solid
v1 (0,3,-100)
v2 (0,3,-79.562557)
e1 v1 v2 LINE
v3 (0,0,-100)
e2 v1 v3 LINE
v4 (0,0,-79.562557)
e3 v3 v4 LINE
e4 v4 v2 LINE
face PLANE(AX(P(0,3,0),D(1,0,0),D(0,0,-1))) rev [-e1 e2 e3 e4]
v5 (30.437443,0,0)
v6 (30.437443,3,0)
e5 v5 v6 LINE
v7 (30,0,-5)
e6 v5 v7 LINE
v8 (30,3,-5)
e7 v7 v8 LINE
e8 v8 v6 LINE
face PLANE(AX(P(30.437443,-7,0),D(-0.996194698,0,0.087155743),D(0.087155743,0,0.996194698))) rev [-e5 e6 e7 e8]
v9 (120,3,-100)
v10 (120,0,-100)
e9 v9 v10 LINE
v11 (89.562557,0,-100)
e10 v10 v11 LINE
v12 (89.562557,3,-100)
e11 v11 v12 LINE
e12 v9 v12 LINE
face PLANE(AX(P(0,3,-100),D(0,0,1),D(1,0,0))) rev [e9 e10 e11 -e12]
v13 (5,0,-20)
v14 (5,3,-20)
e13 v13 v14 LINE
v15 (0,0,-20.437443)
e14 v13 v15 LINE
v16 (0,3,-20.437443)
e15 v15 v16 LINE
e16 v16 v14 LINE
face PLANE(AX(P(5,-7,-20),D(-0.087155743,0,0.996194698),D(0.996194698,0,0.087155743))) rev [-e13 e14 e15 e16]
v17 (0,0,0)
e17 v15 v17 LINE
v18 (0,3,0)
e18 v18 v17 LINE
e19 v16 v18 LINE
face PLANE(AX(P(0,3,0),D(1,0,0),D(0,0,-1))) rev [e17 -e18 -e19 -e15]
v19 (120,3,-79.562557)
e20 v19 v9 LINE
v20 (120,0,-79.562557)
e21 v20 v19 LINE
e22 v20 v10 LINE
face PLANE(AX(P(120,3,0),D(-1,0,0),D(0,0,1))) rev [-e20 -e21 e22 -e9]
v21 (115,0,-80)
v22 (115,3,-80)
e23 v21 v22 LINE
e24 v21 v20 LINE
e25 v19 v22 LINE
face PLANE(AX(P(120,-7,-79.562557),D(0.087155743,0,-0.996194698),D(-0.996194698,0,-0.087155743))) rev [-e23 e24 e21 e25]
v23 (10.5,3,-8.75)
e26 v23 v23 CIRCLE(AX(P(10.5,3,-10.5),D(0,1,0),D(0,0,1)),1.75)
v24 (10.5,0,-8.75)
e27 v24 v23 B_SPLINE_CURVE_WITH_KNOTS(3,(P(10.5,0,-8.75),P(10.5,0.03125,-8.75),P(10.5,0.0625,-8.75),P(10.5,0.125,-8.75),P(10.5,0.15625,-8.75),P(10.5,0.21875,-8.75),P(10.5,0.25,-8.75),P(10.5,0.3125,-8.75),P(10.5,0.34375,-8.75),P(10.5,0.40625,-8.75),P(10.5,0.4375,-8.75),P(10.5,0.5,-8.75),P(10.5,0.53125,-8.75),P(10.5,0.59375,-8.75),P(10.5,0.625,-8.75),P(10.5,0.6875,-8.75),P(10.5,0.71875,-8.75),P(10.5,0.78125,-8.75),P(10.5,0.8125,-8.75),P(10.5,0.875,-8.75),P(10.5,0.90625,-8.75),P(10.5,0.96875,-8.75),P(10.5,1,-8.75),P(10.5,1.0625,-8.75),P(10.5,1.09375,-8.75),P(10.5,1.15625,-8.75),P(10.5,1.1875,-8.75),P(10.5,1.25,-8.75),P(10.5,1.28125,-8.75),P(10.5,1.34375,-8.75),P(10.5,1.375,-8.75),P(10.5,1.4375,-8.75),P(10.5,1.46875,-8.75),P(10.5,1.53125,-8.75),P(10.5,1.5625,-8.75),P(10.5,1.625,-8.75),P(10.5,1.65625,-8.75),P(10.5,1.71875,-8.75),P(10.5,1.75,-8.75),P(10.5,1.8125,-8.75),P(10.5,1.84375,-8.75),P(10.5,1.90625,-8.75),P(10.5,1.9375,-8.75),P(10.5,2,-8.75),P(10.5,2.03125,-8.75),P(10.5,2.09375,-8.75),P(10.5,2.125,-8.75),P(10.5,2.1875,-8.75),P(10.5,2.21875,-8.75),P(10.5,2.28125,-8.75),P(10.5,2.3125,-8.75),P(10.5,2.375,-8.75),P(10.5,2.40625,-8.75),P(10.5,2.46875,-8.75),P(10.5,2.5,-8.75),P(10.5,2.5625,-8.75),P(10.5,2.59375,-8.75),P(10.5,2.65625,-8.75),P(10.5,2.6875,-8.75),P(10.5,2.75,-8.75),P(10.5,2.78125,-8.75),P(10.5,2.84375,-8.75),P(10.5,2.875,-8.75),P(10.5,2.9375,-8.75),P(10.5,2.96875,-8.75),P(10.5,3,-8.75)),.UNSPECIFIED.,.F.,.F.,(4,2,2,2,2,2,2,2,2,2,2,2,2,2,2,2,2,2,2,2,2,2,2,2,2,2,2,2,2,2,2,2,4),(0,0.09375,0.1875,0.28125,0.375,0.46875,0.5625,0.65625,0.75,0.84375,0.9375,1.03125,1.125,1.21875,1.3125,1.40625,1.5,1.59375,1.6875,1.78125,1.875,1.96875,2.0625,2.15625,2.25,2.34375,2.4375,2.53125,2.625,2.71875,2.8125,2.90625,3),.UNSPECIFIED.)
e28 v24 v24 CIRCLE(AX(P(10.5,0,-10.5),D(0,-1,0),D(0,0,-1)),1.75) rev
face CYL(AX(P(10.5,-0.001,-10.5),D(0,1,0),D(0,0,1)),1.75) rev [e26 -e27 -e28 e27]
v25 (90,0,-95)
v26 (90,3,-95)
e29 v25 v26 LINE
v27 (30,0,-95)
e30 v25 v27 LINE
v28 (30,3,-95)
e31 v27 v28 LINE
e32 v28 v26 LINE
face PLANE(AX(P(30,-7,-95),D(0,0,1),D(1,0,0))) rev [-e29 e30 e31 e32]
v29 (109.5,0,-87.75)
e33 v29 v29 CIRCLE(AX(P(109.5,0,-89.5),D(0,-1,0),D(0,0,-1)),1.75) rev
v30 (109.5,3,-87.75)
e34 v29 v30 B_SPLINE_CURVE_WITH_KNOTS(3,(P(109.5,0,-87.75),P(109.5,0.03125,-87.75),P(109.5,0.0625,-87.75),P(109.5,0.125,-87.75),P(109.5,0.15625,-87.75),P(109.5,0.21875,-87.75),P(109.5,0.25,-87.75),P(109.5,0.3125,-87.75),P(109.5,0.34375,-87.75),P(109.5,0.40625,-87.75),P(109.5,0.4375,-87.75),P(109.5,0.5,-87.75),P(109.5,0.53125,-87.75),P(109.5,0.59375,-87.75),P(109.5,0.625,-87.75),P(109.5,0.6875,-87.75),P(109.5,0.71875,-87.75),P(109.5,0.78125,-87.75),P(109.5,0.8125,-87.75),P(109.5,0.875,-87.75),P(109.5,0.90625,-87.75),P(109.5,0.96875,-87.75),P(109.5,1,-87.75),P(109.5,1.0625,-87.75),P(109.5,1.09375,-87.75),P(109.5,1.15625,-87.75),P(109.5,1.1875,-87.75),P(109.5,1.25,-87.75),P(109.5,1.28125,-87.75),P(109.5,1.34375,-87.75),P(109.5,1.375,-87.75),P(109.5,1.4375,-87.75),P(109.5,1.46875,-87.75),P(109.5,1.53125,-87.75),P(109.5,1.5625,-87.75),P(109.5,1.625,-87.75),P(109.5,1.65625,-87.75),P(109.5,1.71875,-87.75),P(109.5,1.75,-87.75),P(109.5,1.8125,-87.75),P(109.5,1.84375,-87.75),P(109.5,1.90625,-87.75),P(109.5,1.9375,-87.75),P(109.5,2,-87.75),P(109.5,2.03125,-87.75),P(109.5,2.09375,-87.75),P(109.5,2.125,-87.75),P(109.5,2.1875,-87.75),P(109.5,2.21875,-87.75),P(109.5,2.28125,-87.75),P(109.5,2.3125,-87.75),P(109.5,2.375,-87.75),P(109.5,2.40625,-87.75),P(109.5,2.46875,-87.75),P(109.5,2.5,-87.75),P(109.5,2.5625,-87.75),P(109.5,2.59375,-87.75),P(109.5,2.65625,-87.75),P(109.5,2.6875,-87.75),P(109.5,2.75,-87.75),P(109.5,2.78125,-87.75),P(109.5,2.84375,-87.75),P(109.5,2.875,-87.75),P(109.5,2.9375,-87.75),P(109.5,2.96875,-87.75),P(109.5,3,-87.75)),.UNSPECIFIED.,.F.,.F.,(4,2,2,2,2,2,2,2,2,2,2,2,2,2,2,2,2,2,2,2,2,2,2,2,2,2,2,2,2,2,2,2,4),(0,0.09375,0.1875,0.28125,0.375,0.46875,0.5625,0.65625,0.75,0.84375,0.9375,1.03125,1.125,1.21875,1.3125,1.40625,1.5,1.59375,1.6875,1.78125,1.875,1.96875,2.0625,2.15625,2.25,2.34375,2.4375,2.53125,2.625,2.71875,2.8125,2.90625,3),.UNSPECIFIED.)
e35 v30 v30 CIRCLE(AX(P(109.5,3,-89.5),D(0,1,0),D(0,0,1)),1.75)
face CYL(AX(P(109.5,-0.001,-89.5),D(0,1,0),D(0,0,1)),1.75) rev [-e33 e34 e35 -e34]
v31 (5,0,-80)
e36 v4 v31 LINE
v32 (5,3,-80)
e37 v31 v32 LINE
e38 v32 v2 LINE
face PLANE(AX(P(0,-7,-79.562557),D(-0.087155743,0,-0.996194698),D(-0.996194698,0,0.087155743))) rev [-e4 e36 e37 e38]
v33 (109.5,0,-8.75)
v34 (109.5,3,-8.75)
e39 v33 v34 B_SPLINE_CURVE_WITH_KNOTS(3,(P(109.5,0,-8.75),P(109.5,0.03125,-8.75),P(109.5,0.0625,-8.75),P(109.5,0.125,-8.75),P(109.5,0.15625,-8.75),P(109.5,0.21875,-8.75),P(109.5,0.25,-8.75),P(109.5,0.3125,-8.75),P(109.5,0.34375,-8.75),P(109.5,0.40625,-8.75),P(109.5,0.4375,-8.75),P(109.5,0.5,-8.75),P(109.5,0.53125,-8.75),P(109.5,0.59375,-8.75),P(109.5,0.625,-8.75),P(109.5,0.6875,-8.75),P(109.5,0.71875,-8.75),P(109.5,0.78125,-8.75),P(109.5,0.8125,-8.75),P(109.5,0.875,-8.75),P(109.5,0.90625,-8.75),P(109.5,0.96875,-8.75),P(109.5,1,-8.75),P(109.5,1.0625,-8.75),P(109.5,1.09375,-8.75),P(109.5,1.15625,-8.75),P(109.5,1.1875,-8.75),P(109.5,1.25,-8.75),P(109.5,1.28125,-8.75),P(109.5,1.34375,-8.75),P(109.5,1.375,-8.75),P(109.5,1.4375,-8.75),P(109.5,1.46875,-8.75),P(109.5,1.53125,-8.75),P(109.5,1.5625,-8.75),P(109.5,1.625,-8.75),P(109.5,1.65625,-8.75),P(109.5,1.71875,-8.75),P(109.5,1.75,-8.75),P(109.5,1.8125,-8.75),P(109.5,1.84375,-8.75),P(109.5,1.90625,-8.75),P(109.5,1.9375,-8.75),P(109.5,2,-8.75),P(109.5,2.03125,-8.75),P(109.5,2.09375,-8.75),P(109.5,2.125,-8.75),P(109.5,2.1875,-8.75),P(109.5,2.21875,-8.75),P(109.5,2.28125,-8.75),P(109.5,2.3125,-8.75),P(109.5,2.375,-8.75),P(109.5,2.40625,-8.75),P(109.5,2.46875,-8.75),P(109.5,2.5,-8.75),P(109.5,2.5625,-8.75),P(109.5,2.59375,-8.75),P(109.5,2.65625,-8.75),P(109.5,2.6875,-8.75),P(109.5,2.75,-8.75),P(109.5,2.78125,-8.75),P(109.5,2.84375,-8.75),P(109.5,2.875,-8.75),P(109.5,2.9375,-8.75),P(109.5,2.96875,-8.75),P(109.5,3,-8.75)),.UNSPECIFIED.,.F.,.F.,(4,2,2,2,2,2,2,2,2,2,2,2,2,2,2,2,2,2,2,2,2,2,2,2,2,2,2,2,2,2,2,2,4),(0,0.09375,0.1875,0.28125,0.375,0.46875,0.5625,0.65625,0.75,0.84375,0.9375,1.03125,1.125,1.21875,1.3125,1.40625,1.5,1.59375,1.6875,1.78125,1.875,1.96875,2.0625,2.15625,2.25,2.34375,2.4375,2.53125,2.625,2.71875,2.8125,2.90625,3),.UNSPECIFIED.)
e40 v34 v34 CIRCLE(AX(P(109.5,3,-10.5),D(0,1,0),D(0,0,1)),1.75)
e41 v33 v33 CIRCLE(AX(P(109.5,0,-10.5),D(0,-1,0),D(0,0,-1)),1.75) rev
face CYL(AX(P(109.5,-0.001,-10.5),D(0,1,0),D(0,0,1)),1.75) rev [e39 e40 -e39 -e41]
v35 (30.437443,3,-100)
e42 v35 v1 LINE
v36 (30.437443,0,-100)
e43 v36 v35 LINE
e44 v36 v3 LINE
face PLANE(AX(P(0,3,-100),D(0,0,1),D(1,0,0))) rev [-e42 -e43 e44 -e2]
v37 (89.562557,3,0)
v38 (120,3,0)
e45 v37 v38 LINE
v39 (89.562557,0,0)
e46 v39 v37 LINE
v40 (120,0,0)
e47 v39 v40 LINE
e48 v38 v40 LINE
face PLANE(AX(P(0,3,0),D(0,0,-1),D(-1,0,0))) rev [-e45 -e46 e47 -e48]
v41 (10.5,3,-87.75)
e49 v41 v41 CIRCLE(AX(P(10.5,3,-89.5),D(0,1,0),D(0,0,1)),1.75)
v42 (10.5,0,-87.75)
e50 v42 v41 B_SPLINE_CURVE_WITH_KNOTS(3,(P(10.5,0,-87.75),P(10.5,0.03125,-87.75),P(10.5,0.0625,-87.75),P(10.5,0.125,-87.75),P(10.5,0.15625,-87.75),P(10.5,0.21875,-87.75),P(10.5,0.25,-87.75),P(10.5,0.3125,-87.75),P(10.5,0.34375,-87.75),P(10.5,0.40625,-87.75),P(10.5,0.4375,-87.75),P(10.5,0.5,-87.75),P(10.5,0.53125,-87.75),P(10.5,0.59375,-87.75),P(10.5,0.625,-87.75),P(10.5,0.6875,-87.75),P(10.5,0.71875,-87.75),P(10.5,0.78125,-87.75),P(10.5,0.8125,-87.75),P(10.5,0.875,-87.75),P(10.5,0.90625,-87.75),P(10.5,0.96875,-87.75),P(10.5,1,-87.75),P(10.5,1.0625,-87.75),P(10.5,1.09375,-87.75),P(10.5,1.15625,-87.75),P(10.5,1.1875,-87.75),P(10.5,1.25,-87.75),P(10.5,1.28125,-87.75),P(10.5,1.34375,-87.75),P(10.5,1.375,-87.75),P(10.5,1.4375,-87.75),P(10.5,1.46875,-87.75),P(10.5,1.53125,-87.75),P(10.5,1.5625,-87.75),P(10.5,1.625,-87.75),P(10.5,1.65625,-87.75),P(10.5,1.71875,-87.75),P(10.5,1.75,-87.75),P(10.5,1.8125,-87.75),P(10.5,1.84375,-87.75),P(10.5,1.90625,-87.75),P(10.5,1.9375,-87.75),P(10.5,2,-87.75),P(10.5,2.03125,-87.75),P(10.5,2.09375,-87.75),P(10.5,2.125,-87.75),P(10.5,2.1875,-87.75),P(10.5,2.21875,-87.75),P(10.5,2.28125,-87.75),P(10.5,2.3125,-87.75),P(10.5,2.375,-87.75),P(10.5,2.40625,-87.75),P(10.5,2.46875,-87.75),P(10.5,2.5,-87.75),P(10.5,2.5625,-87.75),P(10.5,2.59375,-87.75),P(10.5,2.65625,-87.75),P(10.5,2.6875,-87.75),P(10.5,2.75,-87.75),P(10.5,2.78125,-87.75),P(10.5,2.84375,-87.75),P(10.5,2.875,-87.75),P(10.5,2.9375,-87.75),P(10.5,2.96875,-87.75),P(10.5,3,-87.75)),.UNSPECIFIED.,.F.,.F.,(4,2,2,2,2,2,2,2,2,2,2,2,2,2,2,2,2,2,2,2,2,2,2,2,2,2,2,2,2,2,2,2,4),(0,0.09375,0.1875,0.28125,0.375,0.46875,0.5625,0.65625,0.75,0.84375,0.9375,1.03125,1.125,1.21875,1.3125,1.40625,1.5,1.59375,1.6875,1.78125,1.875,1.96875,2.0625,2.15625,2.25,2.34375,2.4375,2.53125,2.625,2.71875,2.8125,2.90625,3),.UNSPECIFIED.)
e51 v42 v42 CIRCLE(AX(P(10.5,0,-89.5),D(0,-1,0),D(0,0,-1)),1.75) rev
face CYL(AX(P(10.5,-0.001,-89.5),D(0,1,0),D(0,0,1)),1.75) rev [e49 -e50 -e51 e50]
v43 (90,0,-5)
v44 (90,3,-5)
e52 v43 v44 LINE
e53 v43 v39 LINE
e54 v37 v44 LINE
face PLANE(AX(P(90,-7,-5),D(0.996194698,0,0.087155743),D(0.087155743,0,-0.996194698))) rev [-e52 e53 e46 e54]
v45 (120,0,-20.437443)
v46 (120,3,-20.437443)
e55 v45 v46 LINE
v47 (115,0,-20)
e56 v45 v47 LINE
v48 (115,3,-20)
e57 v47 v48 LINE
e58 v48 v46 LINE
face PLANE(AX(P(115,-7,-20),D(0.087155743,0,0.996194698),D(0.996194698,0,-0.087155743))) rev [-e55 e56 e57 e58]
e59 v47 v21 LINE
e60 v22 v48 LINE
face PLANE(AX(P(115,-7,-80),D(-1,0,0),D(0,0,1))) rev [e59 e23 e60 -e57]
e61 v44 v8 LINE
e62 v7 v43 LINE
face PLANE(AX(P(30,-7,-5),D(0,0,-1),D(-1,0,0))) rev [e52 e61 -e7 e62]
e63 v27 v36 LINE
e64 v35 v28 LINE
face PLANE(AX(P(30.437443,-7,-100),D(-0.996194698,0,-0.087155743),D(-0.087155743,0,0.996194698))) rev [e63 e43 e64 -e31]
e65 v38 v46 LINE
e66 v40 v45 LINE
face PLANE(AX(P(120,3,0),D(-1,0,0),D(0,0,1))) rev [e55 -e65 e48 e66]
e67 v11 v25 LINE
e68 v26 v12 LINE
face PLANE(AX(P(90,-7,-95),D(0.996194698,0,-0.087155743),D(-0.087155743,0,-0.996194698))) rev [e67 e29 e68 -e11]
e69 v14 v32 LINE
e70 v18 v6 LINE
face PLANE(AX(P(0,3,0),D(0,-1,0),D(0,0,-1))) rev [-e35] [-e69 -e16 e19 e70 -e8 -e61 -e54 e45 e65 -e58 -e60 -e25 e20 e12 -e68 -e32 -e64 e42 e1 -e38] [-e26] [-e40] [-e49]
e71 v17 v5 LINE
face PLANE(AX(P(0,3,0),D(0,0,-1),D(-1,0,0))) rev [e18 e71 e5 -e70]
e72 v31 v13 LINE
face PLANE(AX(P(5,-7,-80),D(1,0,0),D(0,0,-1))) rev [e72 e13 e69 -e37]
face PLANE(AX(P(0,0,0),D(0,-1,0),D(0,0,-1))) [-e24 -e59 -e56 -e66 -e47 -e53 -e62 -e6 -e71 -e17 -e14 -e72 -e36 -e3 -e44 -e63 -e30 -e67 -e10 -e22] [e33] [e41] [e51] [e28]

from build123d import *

# Parameters (mm, degrees)
SKETCH1_W           = 120
SKETCH1_H           = 100
PLATEFORM_DEPTH     = 3
CUT_ARMS_DEPTH      = 10
HOLES_SPACERS_REACH = 158.234
SKETCH6_R           = 1.75


with BuildPart() as part:
    # Sketch1 → plateform (new body)
    with BuildSketch(Plane(origin=(0, 0, 0), x_dir=(1, 0, 0), z_dir=(0, 1, 0))):
        with Locations((60, 50)):
            Rectangle(SKETCH1_W, SKETCH1_H)
    extrude(amount=PLATEFORM_DEPTH)

    # Sketch2 → cut_arms (cut)
    with BuildSketch(Plane(origin=(0, 3, 0), x_dir=(1, 0, 0), z_dir=(0, 1, 0))):
        Polygon((0, 79.562556682), (5, 80), (5, 20), (0, 20.437443318), align=None)
        Polygon((30.437443318, 100), (30, 95), (90, 95), (89.562556682, 100), align=None)
        Polygon((120, 79.562556682), (115, 80), (115, 20), (120, 20.437443318), align=None)
        Polygon((30.437443318, 0), (30, 5), (90, 5), (89.562556682, 0), align=None)
    extrude(amount=-CUT_ARMS_DEPTH, mode=Mode.SUBTRACT)

    # Sketch6 → holes_spacers (cut, up to next)
    with BuildSketch(Plane(origin=(0, 3, 0), x_dir=(1, 0, 0), z_dir=(0, 1, 0)), mode=Mode.PRIVATE) as holes_spacers_sk1:
        with Locations(Location((10.5, 89.5, 0), (0, 0, 270))):
            Circle(SKETCH6_R)
    holes_spacers_tool1 = extrude(holes_spacers_sk1.sketch, amount=-HOLES_SPACERS_REACH, mode=Mode.PRIVATE) & part.part
    # Sketch6 → holes_spacers (cut, up to next)
    with BuildSketch(Plane(origin=(0, 3, 0), x_dir=(1, 0, 0), z_dir=(0, 1, 0)), mode=Mode.PRIVATE) as holes_spacers_sk2:
        with Locations(Location((109.5, 89.5, 0), (0, 0, 270))):
            Circle(SKETCH6_R)
    holes_spacers_tool2 = extrude(holes_spacers_sk2.sketch, amount=-HOLES_SPACERS_REACH, mode=Mode.PRIVATE) & part.part
    # Sketch6 → holes_spacers (cut, up to next)
    with BuildSketch(Plane(origin=(0, 3, 0), x_dir=(1, 0, 0), z_dir=(0, 1, 0)), mode=Mode.PRIVATE) as holes_spacers_sk3:
        with Locations(Location((109.5, 10.5, 0), (0, 0, 270))):
            Circle(SKETCH6_R)
    holes_spacers_tool3 = extrude(holes_spacers_sk3.sketch, amount=-HOLES_SPACERS_REACH, mode=Mode.PRIVATE) & part.part
    # Sketch6 → holes_spacers (cut, up to next)
    with BuildSketch(Plane(origin=(0, 3, 0), x_dir=(1, 0, 0), z_dir=(0, 1, 0)), mode=Mode.PRIVATE) as holes_spacers_sk4:
        with Locations(Location((10.5, 10.5, 0), (0, 0, 270))):
            Circle(SKETCH6_R)
    holes_spacers_tool4 = extrude(holes_spacers_sk4.sketch, amount=-HOLES_SPACERS_REACH, mode=Mode.PRIVATE) & part.part
    add(holes_spacers_tool1.solids().sort_by_distance((10.5, 3, -89.5))[0], mode=Mode.SUBTRACT)
    add(holes_spacers_tool2.solids().sort_by_distance((109.5, 3, -89.5))[0], mode=Mode.SUBTRACT)
    add(holes_spacers_tool3.solids().sort_by_distance((109.5, 3, -10.5))[0], mode=Mode.SUBTRACT)
    add(holes_spacers_tool4.solids().sort_by_distance((10.5, 3, -10.5))[0], mode=Mode.SUBTRACT)


solid = part.part
